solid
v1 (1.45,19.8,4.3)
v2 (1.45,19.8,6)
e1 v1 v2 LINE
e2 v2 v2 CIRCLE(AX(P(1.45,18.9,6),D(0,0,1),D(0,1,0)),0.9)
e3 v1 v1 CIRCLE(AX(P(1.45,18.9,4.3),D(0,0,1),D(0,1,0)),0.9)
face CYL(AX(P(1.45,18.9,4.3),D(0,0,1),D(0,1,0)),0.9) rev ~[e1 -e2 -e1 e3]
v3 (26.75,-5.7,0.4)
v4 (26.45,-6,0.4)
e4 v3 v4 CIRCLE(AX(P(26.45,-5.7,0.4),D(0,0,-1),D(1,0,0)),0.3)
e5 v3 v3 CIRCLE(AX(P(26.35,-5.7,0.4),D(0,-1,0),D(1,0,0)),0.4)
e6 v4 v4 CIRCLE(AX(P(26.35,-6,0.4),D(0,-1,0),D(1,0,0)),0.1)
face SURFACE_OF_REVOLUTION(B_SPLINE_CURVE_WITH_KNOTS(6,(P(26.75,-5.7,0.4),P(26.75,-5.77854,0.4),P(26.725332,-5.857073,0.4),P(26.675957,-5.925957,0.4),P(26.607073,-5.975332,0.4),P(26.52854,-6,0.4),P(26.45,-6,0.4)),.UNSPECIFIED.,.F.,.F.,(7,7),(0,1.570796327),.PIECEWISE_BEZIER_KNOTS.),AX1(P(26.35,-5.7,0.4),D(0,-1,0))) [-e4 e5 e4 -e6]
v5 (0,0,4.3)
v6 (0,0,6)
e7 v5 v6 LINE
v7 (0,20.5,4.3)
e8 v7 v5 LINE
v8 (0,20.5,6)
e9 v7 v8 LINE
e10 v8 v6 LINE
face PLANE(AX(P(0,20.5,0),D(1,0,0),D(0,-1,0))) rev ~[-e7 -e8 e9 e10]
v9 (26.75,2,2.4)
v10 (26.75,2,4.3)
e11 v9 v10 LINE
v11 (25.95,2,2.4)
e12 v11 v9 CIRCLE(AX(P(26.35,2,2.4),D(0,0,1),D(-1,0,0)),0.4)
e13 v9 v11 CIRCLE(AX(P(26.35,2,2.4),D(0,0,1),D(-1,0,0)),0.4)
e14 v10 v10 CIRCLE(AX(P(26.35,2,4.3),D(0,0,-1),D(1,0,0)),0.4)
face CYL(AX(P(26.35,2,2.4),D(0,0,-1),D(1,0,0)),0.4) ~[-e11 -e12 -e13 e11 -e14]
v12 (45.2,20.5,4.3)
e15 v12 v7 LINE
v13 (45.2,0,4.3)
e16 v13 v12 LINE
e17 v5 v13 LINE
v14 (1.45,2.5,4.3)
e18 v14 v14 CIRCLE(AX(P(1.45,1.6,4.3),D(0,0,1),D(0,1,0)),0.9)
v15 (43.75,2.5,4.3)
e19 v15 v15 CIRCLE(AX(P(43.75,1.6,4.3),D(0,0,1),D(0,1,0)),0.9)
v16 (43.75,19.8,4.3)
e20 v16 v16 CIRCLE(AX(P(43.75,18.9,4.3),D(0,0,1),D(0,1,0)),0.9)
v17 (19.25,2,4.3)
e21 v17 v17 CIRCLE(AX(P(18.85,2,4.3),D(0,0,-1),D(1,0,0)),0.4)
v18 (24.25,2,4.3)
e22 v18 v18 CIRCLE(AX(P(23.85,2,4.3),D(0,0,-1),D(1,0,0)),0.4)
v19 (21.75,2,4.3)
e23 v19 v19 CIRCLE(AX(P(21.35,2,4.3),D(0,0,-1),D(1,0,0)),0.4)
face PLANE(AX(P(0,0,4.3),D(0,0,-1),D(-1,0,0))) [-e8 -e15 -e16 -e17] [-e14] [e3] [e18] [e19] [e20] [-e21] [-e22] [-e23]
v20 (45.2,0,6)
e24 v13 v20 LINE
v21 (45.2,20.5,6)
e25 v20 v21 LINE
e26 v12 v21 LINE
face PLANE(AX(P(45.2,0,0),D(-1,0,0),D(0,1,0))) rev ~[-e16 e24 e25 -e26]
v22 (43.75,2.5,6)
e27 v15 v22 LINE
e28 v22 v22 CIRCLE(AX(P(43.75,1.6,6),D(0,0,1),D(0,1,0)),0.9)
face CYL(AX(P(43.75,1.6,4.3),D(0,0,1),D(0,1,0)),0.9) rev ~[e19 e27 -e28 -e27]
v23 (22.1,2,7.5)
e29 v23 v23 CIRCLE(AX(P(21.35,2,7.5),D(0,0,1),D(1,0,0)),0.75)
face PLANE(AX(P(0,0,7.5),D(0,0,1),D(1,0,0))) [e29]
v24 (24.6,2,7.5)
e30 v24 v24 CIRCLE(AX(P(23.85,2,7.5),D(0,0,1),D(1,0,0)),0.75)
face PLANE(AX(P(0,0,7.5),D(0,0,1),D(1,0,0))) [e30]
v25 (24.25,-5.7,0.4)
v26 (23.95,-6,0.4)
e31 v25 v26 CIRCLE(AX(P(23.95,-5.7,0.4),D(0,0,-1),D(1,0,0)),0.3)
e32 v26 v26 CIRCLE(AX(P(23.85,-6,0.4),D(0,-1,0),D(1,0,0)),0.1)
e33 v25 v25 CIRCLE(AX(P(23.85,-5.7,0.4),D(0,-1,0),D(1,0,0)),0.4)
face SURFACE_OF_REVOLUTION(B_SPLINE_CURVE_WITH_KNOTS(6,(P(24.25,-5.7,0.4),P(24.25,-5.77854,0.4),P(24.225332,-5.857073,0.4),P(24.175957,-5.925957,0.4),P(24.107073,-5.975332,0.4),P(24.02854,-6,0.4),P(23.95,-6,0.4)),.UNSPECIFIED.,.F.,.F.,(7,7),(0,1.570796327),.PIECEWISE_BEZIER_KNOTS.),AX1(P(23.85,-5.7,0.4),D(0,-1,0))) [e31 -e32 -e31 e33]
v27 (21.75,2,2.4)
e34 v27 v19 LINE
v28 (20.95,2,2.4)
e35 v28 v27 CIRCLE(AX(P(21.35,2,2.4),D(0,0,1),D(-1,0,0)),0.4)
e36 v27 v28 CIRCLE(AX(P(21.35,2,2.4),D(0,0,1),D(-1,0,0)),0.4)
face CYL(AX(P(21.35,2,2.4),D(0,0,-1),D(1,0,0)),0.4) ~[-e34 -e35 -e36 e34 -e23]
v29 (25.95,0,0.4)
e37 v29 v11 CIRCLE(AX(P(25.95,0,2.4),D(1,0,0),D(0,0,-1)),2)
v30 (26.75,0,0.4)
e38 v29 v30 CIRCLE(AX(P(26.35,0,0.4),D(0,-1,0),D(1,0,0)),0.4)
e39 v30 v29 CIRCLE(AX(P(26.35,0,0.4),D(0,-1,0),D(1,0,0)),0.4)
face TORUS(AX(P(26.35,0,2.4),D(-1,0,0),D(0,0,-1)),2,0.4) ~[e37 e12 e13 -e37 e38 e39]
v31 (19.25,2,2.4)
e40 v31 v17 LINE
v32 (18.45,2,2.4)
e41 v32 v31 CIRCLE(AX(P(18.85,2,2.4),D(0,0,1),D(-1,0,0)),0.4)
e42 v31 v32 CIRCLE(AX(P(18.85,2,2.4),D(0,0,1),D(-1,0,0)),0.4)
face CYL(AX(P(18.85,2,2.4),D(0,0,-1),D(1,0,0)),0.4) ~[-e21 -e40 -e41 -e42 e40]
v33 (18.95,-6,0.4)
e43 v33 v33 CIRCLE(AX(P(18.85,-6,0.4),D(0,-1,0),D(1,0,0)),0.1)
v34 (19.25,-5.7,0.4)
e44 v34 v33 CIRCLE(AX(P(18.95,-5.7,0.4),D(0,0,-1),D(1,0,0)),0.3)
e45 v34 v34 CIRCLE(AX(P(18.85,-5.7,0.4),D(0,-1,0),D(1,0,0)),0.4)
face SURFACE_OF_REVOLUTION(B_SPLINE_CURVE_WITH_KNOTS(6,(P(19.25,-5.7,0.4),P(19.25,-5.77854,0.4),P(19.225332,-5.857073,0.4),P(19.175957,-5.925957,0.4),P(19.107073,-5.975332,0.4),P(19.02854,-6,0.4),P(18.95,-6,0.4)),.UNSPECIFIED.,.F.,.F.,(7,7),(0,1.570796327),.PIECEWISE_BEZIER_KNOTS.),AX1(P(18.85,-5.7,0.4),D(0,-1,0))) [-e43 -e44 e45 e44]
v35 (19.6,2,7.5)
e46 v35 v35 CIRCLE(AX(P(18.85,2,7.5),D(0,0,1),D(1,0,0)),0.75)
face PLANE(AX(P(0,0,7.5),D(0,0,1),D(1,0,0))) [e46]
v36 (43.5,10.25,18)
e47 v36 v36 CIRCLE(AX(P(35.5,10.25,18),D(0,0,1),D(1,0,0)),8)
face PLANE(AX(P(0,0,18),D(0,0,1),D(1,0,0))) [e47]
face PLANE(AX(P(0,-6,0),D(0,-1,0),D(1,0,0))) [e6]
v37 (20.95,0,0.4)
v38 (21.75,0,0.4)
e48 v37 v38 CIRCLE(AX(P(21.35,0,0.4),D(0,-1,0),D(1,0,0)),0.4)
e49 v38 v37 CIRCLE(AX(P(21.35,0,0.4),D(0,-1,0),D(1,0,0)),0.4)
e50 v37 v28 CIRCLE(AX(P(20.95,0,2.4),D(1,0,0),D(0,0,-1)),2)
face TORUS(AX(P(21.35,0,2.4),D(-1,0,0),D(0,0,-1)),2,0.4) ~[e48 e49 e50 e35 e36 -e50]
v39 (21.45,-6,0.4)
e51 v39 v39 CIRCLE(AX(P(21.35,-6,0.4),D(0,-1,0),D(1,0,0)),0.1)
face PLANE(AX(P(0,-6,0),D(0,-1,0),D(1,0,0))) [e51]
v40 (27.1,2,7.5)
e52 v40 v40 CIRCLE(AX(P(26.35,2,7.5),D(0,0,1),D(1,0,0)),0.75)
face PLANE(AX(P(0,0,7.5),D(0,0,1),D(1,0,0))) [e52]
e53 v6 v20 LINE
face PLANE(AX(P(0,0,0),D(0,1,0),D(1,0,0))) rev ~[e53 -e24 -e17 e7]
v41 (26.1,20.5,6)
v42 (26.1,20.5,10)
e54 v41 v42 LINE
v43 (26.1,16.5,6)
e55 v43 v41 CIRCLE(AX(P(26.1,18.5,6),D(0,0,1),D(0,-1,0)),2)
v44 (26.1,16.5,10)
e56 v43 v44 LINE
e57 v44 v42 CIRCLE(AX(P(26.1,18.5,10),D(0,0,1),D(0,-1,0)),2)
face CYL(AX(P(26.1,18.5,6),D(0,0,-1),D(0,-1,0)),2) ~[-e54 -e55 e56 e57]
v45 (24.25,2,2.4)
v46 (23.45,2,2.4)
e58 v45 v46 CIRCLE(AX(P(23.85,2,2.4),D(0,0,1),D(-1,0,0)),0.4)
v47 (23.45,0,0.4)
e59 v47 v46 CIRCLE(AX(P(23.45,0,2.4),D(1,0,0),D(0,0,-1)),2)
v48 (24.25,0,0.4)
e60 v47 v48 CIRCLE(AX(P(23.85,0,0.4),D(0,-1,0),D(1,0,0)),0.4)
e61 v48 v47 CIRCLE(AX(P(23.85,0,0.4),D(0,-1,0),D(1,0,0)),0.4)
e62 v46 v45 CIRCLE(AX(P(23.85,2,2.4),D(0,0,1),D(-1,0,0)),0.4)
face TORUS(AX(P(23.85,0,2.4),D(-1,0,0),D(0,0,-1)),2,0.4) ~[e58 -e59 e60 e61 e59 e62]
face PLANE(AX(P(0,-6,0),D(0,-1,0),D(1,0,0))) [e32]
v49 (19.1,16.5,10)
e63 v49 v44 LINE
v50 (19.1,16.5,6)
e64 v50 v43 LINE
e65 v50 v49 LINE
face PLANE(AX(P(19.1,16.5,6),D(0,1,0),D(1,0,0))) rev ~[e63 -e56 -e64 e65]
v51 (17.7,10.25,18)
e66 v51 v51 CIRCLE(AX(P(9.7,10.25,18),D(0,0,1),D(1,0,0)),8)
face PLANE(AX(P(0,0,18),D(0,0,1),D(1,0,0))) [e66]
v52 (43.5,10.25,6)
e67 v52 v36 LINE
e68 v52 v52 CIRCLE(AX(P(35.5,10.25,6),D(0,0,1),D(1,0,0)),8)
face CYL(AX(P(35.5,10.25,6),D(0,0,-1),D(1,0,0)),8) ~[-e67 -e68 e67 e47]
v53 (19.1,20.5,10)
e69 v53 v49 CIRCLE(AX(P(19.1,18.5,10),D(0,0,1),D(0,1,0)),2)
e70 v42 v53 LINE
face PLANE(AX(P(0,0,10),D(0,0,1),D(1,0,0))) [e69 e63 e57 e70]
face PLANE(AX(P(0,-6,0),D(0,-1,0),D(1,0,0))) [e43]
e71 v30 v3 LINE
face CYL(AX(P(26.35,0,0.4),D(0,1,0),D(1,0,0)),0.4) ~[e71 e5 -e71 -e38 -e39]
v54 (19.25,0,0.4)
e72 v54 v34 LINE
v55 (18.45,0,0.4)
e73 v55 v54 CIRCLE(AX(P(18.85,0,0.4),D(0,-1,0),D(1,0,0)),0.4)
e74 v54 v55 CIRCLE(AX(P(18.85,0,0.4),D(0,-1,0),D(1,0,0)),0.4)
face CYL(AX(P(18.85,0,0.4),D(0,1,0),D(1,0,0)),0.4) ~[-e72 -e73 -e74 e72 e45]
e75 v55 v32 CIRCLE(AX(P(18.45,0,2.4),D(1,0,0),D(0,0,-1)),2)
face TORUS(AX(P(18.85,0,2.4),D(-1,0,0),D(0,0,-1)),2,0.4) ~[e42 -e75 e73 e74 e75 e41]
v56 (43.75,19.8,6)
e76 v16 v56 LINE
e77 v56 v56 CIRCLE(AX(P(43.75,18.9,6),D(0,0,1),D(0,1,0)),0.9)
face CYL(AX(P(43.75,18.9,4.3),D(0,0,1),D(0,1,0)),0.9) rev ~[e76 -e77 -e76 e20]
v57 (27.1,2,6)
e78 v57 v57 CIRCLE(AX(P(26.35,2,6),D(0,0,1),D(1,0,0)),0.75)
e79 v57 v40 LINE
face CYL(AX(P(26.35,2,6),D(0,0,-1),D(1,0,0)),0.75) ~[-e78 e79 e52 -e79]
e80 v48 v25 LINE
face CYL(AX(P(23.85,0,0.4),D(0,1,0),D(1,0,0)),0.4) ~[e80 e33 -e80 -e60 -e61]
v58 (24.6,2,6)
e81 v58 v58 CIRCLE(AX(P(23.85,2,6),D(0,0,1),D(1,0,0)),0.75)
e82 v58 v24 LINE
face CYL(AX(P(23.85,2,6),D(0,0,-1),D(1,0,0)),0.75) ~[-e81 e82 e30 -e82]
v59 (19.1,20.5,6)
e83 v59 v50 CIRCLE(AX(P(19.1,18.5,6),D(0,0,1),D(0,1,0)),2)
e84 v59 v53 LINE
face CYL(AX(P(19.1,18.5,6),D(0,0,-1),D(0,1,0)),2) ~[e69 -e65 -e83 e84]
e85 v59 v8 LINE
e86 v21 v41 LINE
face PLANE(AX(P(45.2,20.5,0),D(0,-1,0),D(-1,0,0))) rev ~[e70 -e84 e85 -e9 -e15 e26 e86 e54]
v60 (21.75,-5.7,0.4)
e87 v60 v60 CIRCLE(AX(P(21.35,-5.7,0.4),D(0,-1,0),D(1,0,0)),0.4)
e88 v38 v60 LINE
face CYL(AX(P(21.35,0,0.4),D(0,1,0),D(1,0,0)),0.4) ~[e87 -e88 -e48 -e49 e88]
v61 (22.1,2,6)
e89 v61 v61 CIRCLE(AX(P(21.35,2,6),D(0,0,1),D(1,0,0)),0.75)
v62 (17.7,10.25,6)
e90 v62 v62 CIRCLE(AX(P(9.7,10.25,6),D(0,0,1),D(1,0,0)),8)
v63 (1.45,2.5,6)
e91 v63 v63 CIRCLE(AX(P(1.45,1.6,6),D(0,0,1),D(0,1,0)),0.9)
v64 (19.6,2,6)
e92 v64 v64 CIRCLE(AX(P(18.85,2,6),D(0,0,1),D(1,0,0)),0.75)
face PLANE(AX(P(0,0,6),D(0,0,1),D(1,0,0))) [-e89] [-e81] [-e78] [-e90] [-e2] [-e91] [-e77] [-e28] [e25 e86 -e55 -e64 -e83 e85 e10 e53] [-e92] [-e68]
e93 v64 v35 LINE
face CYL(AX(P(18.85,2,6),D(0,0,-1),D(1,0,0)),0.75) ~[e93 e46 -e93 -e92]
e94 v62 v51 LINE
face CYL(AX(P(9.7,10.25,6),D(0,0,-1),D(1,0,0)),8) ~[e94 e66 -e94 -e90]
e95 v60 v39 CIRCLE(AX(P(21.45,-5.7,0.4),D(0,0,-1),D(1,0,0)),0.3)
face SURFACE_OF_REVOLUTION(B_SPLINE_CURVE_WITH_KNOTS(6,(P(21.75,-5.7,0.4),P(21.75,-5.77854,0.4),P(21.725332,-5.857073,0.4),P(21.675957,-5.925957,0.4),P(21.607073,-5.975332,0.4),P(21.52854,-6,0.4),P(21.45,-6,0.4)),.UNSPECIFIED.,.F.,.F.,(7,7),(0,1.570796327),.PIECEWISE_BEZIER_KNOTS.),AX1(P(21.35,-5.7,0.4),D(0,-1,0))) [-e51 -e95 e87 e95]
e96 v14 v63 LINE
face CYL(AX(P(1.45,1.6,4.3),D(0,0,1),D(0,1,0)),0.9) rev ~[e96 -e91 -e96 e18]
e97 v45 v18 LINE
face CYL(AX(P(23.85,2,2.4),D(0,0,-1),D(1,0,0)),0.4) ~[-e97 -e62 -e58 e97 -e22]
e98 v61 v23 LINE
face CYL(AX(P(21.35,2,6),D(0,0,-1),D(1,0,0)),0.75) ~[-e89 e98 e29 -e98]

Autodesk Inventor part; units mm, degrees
ref_plane "YZ Plane" through (0, 0, 0) normal (1, 0, 0) x (0, 1, 0)
ref_plane "XZ Plane" through (0, 0, 0) normal (0, 1, 0) x (-1, 0, 0)
ref_plane "XY Plane" through (0, 0, 0) normal (0, 0, 1) x (1, 0, 0)
sketch "Sketch1" plane through (0, 0, 0) normal (0, 0, 1) x (1, 0, 0)
  line L0 (0, 0) -> (45.2, 0)
  line L1 (45.2, 0) -> (45.2, 20.5)
  line L2 (45.2, 20.5) -> (0, 20.5)
  line L3 (0, 20.5) -> (0, 0)
  dimension "d0" = 45.2
  dimension "d1" = 20.5
extrude "Extrusion1" add sketch "Sketch1" along normal blind 6
sketch "Esquisse2" plane through (0, 0, 6) normal (0, 0, 1) x (1, 0, 0)
  line L0 (0, 0) -> (45.2, 0) construction
  line L1 (45.2, 0) -> (45.2, 20.5) construction
  line L2 (45.2, 20.5) -> (0, 20.5) construction
  line L3 (0, 20.5) -> (0, 0) construction
  line L4 (22.6, 20.5) -> (22.6, 0) construction
  line L5 (18.85, 2) -> (26.35, 2) construction
  circle A0 centre (26.35, 2) radius 0.75
  circle A1 centre (23.85, 2) radius 0.75
  circle A2 centre (21.35, 2) radius 0.75
  circle A3 centre (18.85, 2) radius 0.75
  dimension "d4" = 7.5
  dimension "d5" = 3.75
  dimension "d6" = 2
  dimension "d7" = 1.5
  dimension "d10" = 2.5
extrude "Extrusion2" add sketch "Esquisse2" along normal blind 1.5
sketch "Esquisse3" plane through (0, 0, 0) normal (0, -1, 0) x (1, 0, 0)
  line L0 (0, 0) -> (45.2, 0) construction
  line L1 (45.2, 0) -> (45.2, 6) construction
  line L2 (0, 6) -> (45.2, 6) construction
  line L3 (0, 0) -> (0, 6) construction
  line L4 (27.1, 7.5) -> (25.6, 7.5) construction
  line L5 (24.6, 7.5) -> (23.1, 7.5) construction
  line L6 (22.1, 7.5) -> (20.6, 7.5) construction
  line L7 (19.6, 7.5) -> (18.1, 7.5) construction
  line L8 (26.35, 7.5) -> (26.35, 0) construction
  line L9 (23.85, 7.5) -> (23.85, 0) construction
  line L10 (21.35, 7.5) -> (21.35, 0) construction
  line L11 (18.85, 7.5) -> (18.85, 0) construction
  line L12 (14.526, 0.4) -> (30.2694, 0.4) construction
  circle A0 centre (26.35, 0.4) radius 0.4
  circle A1 centre (23.85, 0.4) radius 0.4
  circle A2 centre (21.35, 0.4) radius 0.4
  circle A3 centre (18.85, 0.4) radius 0.4
  dimension "d17" = 0.4
extrude "Extrusion3" add sketch "Esquisse3" along normal blind 6
fillet "Congé1" radius 0.3 4 edges at (18.45, -6, 0.4) (20.95, -6, 0.4) (23.45, -6, 0.4) (25.95, -6, 0.4)
sketch "Esquisse4" plane through (0, 0, 6) normal (0, 0, 1) x (1, 0, 0)
  circle A0 centre (21.35, 2) radius 0.75 construction
  circle A1 centre (26.35, 2) radius 0.75 construction
  circle A2 centre (23.85, 2) radius 0.75 construction
  circle A3 centre (18.85, 2) radius 0.75 construction
  line L0 (0, 0) -> (45.2, 0) construction
  line L1 (45.2, 0) -> (45.2, 20.5) construction
  line L2 (45.2, 20.5) -> (0, 20.5) construction
  line L3 (0, 20.5) -> (0, 0) construction
  line L4 (0, 10.25) -> (45.2, 10.25) construction
  circle A4 centre (9.7, 10.25) radius 8
  circle A5 centre (35.5, 10.25) radius 8
  line L5 (22.6, 20.5) -> (22.6, 0) construction
  dimension "d21" = 16
  dimension "d22" = 16
  dimension "d23" = 25.8
  dimension "d24" = 12.9
extrude "Extrusion4" add sketch "Esquisse4" along normal blind 12
sketch "Esquisse5" plane through (0, 0, 6) normal (0, 0, 1) x (1, 0, 0)
  circle A0 centre (9.7, 10.25) radius 8 construction
  circle A1 centre (35.5, 10.25) radius 8 construction
  circle A2 centre (21.35, 2) radius 0.75 construction
  circle A3 centre (26.35, 2) radius 0.75 construction
  circle A4 centre (23.85, 2) radius 0.75 construction
  circle A5 centre (18.85, 2) radius 0.75 construction
  line L0 (0, 0) -> (45.2, 0) construction
  line L1 (45.2, 0) -> (45.2, 20.5) construction
  line L2 (45.2, 20.5) -> (0, 20.5) construction
  line L3 (0, 20.5) -> (0, 0) construction
  line L4 (22.6, 20.5) -> (22.6, 0) construction
  line L5 (19.1, 18.5) -> (26.1, 18.5) construction
  line L6 (19.1, 18.5) -> (26.1, 18.5) construction
  line L7 (19.1, 16.5) -> (26.1, 16.5)
  line L8 (26.1, 20.5) -> (19.1, 20.5)
  arc A6 (19.1, 20.5) -> (19.1, 16.5) centre (19.1, 18.5) ccw
  arc A7 (26.1, 16.5) -> (26.1, 20.5) centre (26.1, 18.5) ccw
  line L9 (45.2, 20.5) -> (0, 20.5) projected
  point P0 (22.6, 18.5)
  point P1 (22.6, 18.5)
  dimension "d27" = 7
  dimension "d28" = 2
extrude "Extrusion5" add sketch "Esquisse5" along normal blind 4
sketch "Esquisse6" plane through (0, 0, 0) normal (0, 0, -1) x (-1, 0, 0)
  line L0 (0, 0) -> (-18.85, 0) projected
  line L1 (0, 20.5) -> (0, 0) projected
  line L2 (-45.2, 20.5) -> (0, 20.5) projected
  line L3 (-45.2, 0) -> (-45.2, 20.5) projected
  line L4 (-26.35, 0) -> (-45.2, 0) projected
  line L5 (-23.85, 0) -> (-26.35, 0) projected
  line L6 (-21.35, 0) -> (-23.85, 0) projected
  line L7 (-18.85, 0) -> (-21.35, 0) projected
extrude "Extrusion6" cut sketch "Esquisse6" against normal blind 4.3
sketch "Esquisse7" plane through (0, 0, 0) normal (0, 1, 0) x (-1, 0, 0)
  circle A0 centre (-18.85, 0.4) radius 0.4 projected
  circle A1 centre (-23.85, 0.4) radius 0.4 projected
  circle A2 centre (-26.35, 0.4) radius 0.4 projected
  circle A3 centre (-21.35, 0.4) radius 0.4 projected
  line L0 (-16.7562, 2.4) -> (-29.853, 2.4)
  point P0 (0, 0)
  dimension "d33" = 4
revolve "Révolution1" add sketch "Esquisse7" angle 90 about axis through (16.7562, 0, 2.4) along (1, 0, 0)
sketch "Esquisse8" plane through (18.85, 2, 2.4) normal (0, 0, 1) x (1, 0, 0)
  circle A0 centre (7.5, 0) radius 0.4 projected
  circle A1 centre (5, 0) radius 0.4 projected
  circle A2 centre (2.5, 0) radius 0.4 projected
  circle A3 centre (0, 0) radius 0.4 projected
  point P0 (-18.85, -2)
extrude "Extrusion7" add sketch "Esquisse8" along normal up to next
sketch "Esquisse9" plane through (0, 0, 4.3) normal (0, 0, -1) x (-1, 0, 0)
  circle A0 centre (-21.35, 2) radius 0.4 construction
  circle A1 centre (-26.35, 2) radius 0.4 construction
  circle A2 centre (-23.85, 2) radius 0.4 construction
  circle A3 centre (-18.85, 2) radius 0.4 construction
  line L0 (0, 0) -> (-45.2, 0) construction
  line L1 (0, 20.5) -> (0, 0) construction
  line L2 (-45.2, 20.5) -> (0, 20.5) construction
  line L3 (-45.2, 0) -> (-45.2, 20.5) construction
  line L4 (0, 10.25) -> (-45.2, 10.25) construction
  line L5 (-22.6, 0) -> (-22.6, 20.5) construction
  line L6 (-1.45, 1.6) -> (-43.75, 1.6) construction
  line L7 (-43.75, 1.6) -> (-43.75, 18.9) construction
  line L8 (-43.75, 18.9) -> (-1.45, 18.9) construction
  line L9 (-1.45, 18.9) -> (-1.45, 1.6) construction
  point P0 (-22.6, 1.6)
  point P1 (-43.75, 10.25)
  dimension "d37" = 17.3
  dimension "d38" = 42.3
hole "Perçage1" at (1.45, 1.6, 4.3) at (1.45, 18.9, 4.3) at (43.75, 18.9, 4.3) at (43.75, 1.6, 4.3) direction (0, 0, 1) diameter 1.8 end through all
equation "\"d5\" = 0.5 * d4"
equation "\"d22\" = d21"
equation "\"d24\" = 0.5 * d23"
properties part number "FE014" material "Fourniture / Geliefertes"
